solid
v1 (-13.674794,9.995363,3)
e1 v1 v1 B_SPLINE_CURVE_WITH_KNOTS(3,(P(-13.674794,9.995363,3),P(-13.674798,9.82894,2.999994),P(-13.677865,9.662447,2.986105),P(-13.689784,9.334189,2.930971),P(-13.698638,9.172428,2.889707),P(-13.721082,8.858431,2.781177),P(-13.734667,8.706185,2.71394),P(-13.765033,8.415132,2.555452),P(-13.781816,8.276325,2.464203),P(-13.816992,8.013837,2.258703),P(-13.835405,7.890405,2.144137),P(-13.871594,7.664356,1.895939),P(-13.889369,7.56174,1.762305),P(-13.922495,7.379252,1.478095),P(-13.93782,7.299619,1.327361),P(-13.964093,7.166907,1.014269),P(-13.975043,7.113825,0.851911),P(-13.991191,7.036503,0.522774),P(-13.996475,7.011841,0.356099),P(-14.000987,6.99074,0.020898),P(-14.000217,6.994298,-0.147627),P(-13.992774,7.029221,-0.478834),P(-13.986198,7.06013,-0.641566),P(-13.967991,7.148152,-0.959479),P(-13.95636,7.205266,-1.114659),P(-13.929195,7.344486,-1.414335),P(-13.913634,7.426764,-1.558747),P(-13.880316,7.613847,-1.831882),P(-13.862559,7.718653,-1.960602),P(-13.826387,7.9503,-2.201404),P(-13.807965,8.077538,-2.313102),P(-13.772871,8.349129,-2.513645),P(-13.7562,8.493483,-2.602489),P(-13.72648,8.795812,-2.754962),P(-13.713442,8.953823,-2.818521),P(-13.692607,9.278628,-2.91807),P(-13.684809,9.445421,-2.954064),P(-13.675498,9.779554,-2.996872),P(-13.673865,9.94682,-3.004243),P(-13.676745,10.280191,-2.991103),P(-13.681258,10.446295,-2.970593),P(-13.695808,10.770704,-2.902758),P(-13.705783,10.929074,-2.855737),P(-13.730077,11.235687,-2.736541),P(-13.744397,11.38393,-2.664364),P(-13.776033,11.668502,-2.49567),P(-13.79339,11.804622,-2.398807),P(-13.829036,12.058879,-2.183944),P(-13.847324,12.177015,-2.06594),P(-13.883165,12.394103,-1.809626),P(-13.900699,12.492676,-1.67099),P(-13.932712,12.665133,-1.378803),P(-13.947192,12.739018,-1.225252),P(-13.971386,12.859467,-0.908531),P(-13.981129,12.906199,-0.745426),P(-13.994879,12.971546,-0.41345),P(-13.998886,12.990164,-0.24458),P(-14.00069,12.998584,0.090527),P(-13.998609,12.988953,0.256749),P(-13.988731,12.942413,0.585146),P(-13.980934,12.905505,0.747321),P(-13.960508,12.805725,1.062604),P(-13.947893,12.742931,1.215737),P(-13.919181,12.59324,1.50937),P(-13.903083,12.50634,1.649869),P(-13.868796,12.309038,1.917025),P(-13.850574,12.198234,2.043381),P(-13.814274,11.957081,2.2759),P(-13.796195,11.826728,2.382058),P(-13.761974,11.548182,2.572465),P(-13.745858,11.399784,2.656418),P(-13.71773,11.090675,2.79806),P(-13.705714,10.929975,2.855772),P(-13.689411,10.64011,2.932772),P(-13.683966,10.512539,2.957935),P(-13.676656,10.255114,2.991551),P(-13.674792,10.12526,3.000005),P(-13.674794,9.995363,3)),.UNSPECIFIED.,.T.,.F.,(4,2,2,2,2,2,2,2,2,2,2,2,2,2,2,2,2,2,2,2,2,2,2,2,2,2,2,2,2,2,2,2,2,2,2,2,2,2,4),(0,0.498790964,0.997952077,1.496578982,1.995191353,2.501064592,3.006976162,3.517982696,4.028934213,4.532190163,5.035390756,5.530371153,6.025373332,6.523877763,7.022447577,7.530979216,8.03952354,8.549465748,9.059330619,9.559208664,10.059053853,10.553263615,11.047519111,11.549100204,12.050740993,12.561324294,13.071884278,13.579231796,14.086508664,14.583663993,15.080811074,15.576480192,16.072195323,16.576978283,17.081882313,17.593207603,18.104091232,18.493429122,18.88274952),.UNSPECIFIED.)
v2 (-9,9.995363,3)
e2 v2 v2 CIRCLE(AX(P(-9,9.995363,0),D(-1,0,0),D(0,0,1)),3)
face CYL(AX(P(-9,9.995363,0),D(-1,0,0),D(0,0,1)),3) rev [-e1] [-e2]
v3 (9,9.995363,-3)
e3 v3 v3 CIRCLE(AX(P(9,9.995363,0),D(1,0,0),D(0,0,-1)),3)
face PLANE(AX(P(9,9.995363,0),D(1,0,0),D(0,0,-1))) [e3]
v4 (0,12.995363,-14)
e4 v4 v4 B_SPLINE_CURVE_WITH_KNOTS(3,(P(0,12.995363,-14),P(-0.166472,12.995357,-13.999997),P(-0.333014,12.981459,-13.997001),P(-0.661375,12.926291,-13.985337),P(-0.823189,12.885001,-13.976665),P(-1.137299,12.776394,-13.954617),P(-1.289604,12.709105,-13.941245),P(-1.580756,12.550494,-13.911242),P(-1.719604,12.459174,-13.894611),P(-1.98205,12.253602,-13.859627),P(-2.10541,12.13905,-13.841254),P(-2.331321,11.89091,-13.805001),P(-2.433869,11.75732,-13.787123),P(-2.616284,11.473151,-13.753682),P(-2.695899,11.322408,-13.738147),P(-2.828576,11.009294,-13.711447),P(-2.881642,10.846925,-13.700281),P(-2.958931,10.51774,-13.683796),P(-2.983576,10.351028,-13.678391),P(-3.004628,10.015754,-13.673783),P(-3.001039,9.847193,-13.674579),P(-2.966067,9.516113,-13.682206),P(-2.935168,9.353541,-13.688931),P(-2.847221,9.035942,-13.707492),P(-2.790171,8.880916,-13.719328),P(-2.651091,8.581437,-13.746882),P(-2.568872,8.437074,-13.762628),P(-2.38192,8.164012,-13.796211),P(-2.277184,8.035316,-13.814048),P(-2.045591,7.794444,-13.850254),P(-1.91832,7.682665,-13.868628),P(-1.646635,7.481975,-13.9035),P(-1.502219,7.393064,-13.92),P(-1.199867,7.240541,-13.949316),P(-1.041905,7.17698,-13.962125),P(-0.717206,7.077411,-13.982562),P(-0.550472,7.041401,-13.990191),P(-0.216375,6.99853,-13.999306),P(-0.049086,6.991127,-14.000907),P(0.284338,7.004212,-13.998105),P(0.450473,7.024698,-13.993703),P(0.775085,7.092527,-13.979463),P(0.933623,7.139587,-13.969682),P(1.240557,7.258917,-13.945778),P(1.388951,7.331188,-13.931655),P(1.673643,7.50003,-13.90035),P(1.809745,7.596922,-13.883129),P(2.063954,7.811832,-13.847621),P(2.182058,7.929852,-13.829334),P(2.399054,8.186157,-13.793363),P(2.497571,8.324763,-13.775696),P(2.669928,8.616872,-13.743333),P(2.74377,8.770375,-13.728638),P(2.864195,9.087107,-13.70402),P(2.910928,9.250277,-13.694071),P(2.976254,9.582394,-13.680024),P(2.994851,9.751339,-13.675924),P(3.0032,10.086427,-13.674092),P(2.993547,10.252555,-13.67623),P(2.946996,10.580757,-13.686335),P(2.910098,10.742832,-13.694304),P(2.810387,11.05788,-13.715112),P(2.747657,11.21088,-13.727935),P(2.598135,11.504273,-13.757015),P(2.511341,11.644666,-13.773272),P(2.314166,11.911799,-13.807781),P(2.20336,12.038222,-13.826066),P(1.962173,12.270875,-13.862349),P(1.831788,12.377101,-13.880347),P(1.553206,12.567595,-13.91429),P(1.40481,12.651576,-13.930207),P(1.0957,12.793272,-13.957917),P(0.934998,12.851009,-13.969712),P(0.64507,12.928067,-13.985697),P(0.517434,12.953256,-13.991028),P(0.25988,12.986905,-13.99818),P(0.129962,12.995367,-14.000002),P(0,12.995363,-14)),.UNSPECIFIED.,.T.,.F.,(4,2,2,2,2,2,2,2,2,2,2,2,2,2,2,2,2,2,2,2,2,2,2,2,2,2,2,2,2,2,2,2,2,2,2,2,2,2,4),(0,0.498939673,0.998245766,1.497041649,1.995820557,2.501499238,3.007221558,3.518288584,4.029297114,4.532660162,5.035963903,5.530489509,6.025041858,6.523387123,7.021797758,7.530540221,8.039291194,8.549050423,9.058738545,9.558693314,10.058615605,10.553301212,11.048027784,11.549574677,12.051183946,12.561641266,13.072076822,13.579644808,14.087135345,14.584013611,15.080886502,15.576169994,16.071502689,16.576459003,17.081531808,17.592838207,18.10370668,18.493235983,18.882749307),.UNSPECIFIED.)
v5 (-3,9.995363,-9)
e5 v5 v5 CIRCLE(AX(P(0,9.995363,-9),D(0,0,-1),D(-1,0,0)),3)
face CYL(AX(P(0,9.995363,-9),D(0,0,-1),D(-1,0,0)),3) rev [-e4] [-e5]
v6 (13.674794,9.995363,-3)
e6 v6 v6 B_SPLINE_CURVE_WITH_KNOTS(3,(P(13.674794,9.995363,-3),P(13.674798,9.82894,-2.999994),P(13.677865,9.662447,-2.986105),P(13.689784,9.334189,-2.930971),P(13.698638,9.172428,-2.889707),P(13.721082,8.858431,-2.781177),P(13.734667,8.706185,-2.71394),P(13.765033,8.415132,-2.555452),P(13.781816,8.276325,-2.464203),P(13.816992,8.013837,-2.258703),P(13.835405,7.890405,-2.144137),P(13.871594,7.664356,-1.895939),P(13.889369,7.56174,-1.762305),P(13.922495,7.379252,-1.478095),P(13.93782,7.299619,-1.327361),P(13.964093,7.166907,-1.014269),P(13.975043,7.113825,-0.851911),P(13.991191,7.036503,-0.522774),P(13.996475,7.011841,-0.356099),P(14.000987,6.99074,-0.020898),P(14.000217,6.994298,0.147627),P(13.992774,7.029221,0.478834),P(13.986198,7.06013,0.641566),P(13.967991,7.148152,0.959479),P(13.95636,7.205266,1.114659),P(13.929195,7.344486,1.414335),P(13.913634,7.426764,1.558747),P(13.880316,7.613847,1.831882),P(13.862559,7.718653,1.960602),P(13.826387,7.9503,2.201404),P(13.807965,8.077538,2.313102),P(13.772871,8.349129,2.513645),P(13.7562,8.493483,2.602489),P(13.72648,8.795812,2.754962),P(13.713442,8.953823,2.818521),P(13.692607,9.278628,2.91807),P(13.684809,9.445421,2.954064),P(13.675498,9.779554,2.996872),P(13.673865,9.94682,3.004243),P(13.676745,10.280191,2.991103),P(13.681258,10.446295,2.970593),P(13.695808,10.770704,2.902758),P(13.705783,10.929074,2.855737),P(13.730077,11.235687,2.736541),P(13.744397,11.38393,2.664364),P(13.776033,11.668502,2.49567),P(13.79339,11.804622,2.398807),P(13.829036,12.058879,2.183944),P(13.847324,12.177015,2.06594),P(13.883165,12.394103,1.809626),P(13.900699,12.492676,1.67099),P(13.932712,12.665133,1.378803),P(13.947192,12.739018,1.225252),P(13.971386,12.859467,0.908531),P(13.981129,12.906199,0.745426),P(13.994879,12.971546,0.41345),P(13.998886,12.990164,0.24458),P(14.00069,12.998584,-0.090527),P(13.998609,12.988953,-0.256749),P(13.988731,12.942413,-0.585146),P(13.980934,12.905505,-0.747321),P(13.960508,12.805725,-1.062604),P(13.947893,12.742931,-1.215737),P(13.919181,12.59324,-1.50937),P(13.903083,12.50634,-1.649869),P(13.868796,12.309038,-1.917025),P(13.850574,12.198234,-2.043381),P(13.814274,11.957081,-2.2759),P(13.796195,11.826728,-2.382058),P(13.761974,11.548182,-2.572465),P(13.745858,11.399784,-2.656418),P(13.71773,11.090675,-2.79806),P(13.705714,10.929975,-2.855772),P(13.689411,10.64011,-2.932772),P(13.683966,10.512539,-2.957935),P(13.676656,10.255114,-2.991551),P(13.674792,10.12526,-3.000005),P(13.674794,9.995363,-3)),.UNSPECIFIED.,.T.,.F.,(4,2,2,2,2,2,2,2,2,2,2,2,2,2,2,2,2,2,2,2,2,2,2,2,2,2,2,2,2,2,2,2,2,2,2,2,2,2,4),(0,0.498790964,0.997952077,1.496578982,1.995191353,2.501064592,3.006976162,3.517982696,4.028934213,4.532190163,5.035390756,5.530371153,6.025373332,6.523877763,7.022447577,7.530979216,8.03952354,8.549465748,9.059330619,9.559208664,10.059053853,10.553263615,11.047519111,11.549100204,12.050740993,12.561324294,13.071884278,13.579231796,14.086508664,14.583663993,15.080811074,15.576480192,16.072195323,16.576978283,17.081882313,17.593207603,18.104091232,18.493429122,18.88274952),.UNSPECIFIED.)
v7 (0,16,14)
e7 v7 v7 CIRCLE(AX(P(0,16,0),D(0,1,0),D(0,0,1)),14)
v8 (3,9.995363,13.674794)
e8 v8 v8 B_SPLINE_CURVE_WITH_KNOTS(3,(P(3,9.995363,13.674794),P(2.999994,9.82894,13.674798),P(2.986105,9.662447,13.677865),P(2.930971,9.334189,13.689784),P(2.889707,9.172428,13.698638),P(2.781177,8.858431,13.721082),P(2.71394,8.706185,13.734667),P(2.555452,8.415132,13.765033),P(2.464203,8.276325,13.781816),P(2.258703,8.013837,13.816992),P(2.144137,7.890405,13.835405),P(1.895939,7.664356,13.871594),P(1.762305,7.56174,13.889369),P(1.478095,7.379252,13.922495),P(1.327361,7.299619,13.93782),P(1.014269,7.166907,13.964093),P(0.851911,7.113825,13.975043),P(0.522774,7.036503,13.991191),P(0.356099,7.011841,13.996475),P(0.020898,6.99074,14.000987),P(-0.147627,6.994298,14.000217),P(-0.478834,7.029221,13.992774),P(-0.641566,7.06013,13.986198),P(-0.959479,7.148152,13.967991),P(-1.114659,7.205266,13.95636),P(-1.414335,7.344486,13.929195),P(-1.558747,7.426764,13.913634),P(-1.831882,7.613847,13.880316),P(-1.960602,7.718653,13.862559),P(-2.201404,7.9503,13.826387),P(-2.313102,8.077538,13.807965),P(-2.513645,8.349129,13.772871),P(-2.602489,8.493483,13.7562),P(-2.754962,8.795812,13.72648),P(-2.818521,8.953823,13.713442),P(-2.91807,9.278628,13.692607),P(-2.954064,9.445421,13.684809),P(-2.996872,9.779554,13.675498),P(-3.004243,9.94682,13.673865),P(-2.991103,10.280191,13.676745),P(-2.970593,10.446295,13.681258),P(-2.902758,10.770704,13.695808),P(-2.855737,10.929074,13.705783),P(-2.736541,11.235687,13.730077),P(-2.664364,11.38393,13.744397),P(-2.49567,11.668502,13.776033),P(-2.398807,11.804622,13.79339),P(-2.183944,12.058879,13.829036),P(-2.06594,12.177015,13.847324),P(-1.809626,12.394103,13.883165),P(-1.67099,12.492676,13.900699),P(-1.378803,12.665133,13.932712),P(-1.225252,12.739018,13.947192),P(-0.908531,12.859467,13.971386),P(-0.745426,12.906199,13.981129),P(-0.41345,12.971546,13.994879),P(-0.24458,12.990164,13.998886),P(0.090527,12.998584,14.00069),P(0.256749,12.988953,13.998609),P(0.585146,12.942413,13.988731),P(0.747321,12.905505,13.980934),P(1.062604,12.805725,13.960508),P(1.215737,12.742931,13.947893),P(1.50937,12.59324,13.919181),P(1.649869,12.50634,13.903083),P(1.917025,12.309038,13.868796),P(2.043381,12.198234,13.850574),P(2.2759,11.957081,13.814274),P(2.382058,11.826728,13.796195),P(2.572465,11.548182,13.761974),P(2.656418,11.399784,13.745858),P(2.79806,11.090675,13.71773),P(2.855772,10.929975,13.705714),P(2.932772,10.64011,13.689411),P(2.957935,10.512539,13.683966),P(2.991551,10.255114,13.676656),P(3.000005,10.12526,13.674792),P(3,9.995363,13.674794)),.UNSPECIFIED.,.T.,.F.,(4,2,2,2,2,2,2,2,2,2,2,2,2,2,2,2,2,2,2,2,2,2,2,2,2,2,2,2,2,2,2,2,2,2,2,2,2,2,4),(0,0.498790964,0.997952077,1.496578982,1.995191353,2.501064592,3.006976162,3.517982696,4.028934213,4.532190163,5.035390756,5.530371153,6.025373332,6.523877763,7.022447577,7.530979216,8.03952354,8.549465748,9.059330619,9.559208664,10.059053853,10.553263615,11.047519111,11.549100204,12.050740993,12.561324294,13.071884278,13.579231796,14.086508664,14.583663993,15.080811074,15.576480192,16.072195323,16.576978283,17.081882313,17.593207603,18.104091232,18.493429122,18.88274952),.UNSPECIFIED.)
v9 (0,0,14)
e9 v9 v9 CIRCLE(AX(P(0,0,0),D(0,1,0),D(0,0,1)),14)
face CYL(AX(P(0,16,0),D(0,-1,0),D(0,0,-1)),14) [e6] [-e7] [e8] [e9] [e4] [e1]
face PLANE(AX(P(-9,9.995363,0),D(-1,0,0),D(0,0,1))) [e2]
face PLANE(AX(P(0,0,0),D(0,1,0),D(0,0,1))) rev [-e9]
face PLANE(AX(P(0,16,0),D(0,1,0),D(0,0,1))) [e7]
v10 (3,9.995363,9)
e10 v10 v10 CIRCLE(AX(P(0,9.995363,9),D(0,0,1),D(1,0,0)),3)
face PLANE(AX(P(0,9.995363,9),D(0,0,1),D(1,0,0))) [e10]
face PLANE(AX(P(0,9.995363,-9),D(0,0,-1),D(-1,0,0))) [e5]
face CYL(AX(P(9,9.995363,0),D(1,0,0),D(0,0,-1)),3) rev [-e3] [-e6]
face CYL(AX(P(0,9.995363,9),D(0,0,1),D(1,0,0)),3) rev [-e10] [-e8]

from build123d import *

# Parameters (mm, degrees)
SKETCH1_R           = 14
BOSS_EXTRUDE1_DEPTH = 16
SKETCH2_R           = 3
CUT_EXTRUDE1_DEPTH  = 5
CIRPATTERN1_COUNT   = 4


with BuildPart() as part:
    # Sketch1 → Boss-Extrude1 (new body)
    with BuildSketch(Plane(origin=(0, 0, 0), x_dir=(1, 0, 0), z_dir=(0, 1, 0))):
        Circle(SKETCH1_R)
    extrude(amount=BOSS_EXTRUDE1_DEPTH)

    # Sketch2 → Cut-Extrude1 (cut)
    with BuildSketch(Plane(origin=(14, 0, 0), x_dir=(0, 0, -1), z_dir=(1, 0, 0))):
        with Locations((0, 9.995362646)):
            Circle(SKETCH2_R)
    cut_extrude1 = extrude(amount=-CUT_EXTRUDE1_DEPTH, mode=Mode.SUBTRACT)

    # CirPattern1: Cut-Extrude1 ×4 about axis
    cirpattern1_axis = Axis((0, 16, 0), (0, -1, 0))
    for i in range(1, CIRPATTERN1_COUNT):
        add(cut_extrude1.rotate(cirpattern1_axis, i * 360 / CIRPATTERN1_COUNT), mode=Mode.SUBTRACT)


solid = part.part
